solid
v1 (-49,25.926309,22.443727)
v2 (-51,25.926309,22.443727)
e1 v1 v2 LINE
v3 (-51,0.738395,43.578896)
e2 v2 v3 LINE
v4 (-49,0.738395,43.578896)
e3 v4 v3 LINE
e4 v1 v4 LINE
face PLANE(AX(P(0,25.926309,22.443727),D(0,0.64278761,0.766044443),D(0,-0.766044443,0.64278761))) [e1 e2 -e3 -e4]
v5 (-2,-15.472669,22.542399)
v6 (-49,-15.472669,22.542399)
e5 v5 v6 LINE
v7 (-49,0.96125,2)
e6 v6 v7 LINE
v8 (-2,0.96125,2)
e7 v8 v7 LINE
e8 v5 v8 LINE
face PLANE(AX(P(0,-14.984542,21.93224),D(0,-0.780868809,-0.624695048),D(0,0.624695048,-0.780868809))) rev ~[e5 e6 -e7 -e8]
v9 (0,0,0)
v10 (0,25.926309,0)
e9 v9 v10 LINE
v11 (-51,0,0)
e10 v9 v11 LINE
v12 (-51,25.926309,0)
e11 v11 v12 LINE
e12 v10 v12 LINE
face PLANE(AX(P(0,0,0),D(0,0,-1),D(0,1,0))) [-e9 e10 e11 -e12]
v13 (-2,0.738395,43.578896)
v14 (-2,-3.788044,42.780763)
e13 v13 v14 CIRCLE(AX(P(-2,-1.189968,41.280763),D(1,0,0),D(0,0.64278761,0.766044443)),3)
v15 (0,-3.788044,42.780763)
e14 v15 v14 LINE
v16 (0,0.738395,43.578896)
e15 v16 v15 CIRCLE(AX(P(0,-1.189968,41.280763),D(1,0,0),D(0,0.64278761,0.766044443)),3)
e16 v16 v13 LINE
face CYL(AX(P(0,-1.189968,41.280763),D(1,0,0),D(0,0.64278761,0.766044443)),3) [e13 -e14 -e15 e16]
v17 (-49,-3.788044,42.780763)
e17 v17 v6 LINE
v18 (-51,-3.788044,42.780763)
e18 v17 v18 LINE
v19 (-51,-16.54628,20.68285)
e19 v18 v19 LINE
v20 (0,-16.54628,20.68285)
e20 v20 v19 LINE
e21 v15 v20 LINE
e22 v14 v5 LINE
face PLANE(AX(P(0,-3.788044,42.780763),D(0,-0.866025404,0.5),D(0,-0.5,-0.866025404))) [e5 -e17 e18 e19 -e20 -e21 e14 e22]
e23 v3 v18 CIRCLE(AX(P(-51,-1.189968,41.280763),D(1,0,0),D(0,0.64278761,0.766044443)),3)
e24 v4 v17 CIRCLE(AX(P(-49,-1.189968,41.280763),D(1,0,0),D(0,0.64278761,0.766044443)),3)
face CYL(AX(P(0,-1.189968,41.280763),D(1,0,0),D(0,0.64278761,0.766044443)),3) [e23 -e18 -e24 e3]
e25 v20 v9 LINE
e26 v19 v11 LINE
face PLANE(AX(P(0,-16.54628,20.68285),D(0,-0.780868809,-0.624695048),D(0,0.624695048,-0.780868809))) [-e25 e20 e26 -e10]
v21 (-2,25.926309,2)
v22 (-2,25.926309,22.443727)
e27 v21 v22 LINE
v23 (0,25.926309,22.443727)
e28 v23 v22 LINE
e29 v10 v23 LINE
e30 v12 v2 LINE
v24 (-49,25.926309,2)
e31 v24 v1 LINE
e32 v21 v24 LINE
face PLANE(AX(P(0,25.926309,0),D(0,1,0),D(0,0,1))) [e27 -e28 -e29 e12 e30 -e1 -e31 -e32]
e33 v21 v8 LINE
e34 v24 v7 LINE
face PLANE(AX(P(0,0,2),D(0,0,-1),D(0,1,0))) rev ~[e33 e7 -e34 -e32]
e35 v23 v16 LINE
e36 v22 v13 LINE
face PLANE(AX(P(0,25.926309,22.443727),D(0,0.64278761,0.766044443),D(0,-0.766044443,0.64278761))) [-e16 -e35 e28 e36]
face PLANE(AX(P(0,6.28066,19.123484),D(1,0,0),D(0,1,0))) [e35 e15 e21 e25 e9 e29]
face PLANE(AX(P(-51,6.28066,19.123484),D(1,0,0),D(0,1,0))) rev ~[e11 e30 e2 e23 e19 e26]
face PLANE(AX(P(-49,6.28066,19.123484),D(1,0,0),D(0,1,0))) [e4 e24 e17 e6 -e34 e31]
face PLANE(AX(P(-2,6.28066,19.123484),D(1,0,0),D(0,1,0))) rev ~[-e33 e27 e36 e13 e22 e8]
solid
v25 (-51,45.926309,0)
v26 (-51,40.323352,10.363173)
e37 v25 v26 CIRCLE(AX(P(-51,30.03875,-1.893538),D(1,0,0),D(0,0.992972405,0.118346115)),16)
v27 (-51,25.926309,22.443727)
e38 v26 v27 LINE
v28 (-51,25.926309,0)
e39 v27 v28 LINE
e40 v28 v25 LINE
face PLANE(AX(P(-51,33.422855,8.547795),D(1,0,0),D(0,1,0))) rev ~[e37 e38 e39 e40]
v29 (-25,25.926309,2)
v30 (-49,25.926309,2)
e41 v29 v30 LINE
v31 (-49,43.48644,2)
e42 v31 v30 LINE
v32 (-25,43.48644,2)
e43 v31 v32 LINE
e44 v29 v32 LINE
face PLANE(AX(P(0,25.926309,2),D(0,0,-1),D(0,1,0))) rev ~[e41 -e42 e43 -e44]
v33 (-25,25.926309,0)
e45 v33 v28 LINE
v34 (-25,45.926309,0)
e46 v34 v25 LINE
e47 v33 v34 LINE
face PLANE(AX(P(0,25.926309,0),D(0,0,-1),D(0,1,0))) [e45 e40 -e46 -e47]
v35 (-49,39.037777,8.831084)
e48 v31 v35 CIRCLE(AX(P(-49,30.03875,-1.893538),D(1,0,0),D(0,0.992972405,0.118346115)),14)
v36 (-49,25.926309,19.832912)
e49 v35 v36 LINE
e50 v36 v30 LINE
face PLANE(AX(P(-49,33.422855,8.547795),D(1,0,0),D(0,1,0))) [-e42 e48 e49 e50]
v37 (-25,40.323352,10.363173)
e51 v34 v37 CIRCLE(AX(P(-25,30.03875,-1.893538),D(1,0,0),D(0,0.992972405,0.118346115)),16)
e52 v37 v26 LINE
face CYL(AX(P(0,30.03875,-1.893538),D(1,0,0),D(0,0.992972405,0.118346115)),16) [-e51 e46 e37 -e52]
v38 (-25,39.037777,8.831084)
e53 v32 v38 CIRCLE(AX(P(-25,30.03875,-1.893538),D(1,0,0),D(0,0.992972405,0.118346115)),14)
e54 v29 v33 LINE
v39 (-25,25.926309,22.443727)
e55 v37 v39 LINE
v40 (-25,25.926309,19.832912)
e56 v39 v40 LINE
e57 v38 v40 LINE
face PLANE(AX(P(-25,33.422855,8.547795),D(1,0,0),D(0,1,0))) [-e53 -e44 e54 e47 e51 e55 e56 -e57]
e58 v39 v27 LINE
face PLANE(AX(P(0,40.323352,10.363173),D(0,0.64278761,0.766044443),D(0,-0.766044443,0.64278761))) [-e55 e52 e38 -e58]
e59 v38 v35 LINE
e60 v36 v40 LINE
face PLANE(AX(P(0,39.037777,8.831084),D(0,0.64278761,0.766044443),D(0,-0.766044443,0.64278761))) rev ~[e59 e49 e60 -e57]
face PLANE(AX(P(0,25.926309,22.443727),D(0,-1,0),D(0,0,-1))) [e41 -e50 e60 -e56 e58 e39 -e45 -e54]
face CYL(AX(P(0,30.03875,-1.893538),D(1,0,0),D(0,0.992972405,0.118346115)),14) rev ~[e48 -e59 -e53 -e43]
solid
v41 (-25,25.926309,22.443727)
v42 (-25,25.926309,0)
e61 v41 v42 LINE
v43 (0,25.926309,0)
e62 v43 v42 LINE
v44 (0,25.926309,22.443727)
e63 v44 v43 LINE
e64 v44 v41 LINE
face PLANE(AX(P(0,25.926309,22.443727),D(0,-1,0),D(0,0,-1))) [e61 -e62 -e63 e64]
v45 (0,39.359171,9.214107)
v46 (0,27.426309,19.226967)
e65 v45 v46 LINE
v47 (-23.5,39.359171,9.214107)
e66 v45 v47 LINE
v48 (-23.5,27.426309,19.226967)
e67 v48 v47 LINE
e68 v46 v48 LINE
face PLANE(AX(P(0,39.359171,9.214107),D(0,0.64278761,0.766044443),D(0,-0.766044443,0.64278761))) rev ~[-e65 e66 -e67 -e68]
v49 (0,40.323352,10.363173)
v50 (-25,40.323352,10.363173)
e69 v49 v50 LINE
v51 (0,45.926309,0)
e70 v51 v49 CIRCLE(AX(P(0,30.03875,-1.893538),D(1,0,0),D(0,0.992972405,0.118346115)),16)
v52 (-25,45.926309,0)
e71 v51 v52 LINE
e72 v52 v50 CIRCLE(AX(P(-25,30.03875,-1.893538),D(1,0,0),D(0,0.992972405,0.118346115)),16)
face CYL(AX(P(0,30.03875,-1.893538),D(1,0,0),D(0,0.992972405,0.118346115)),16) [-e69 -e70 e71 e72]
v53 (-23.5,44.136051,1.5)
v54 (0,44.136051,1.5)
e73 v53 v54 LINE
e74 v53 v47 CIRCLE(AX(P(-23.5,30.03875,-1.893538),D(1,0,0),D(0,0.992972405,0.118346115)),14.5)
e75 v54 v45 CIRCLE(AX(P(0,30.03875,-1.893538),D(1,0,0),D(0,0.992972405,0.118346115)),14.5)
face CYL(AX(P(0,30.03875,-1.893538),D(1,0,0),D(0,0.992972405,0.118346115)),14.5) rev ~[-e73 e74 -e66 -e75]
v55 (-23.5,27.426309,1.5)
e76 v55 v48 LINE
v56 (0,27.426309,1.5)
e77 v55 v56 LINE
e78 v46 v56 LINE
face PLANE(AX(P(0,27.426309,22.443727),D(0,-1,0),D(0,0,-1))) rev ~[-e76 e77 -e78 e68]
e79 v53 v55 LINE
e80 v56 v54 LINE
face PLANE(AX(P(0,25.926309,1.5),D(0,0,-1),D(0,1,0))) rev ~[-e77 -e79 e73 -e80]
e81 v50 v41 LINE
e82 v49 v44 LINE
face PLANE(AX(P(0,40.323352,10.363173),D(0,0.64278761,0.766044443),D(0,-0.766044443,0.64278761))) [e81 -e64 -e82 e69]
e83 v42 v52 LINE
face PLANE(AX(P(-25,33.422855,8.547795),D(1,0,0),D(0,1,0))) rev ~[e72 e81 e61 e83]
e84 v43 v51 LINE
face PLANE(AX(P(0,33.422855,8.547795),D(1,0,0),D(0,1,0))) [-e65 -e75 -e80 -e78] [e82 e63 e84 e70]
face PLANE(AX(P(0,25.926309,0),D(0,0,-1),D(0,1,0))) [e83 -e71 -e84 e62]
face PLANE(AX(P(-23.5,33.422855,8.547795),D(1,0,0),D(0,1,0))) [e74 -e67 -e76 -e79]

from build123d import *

# Parameters (mm, degrees)
F1_DEPTH = 51
F2_DEPTH = 51
F3_T     = -2
F4_DEPTH = 25
F5_DEPTH = 25
F6_T     = -2
F7_T     = -1.5


with BuildPart() as f1:
    # F0 (on Right) → F1 (new body)
    with BuildSketch(Plane.YZ):
        with BuildLine():
            Line((-3.7880441666, 42.7807628889), (-16.5462800706, 20.6828500882))
            Line((-16.5462800706, 20.6828500882), (0, 0))
            Line((0, 0), (25.926308784, 0))
            Line((25.926308784, 0), (25.926308784, 22.4437269461))
            Line((25.926308784, 22.4437269461), (0.7383948738, 43.5788962182))
            ThreePointArc((0.7383948738, 43.5788962182), (-1.7109124882, 44.2351861479), (-3.7880441666, 42.7807628889))
        make_face()
    extrude(amount=-F1_DEPTH)

    # F3
    f3_openings = [f1.faces().sort_by_distance(p)[0] for p in [
        (-25.5, 13.332352, 33.011312),
        (-25.5, -10.167162, 31.731806),
        (-25.5, -1.710912, 44.235186),
        (-25.5, 25.926309, 11.221863),
    ]]
    offset(amount=F3_T, openings=f3_openings)


with BuildPart() as f2:
    # F0 (on Right) → F2 (new body)
    with BuildSketch(Plane.YZ):
        with BuildLine():
            Line((25.926308784, 22.4437269461), (25.926308784, 0))
            Line((25.926308784, 0), (45.926308784, 0))
            ThreePointArc((45.926308784, 0), (44.1133491535, 5.7160394907), (40.32335206, 10.3631732431))
            Line((40.32335206, 10.3631732431), (25.926308784, 22.4437269461))
        make_face()
    extrude(amount=-F2_DEPTH)

    # F0 (on Right) → F4 (cut)
    with BuildSketch(Plane.YZ):
        with BuildLine():
            Line((25.926308784, 22.4437269461), (25.926308784, 0))
            Line((25.926308784, 0), (45.926308784, 0))
            ThreePointArc((45.926308784, 0), (44.1133491535, 5.7160394907), (40.32335206, 10.3631732431))
            Line((40.32335206, 10.3631732431), (25.926308784, 22.4437269461))
        make_face()
    extrude(amount=-F4_DEPTH, mode=Mode.SUBTRACT)

    # F6
    f6_openings = [f2.faces().sort_by_distance(p)[0] for p in [
        (-38, 25.926309, 11.221863),
        (-25, 33.661047, 7.927277),
    ]]
    offset(amount=F6_T, openings=f6_openings)


with BuildPart() as f5:
    # F0 (on Right) → F5 (new body)
    with BuildSketch(Plane.YZ):
        with BuildLine():
            Line((25.926308784, 22.4437269461), (25.926308784, 0))
            Line((25.926308784, 0), (45.926308784, 0))
            ThreePointArc((45.926308784, 0), (44.1133491535, 5.7160394907), (40.32335206, 10.3631732431))
            Line((40.32335206, 10.3631732431), (25.926308784, 22.4437269461))
        make_face()
    extrude(amount=-F5_DEPTH)

    # F7
    f7_openings = [f5.faces().sort_by_distance(p)[0] for p in [
        (0, 33.661047, 7.927277),
    ]]
    offset(amount=F7_T, openings=f7_openings)


solid = Compound([f1.part, f2.part, f5.part])
